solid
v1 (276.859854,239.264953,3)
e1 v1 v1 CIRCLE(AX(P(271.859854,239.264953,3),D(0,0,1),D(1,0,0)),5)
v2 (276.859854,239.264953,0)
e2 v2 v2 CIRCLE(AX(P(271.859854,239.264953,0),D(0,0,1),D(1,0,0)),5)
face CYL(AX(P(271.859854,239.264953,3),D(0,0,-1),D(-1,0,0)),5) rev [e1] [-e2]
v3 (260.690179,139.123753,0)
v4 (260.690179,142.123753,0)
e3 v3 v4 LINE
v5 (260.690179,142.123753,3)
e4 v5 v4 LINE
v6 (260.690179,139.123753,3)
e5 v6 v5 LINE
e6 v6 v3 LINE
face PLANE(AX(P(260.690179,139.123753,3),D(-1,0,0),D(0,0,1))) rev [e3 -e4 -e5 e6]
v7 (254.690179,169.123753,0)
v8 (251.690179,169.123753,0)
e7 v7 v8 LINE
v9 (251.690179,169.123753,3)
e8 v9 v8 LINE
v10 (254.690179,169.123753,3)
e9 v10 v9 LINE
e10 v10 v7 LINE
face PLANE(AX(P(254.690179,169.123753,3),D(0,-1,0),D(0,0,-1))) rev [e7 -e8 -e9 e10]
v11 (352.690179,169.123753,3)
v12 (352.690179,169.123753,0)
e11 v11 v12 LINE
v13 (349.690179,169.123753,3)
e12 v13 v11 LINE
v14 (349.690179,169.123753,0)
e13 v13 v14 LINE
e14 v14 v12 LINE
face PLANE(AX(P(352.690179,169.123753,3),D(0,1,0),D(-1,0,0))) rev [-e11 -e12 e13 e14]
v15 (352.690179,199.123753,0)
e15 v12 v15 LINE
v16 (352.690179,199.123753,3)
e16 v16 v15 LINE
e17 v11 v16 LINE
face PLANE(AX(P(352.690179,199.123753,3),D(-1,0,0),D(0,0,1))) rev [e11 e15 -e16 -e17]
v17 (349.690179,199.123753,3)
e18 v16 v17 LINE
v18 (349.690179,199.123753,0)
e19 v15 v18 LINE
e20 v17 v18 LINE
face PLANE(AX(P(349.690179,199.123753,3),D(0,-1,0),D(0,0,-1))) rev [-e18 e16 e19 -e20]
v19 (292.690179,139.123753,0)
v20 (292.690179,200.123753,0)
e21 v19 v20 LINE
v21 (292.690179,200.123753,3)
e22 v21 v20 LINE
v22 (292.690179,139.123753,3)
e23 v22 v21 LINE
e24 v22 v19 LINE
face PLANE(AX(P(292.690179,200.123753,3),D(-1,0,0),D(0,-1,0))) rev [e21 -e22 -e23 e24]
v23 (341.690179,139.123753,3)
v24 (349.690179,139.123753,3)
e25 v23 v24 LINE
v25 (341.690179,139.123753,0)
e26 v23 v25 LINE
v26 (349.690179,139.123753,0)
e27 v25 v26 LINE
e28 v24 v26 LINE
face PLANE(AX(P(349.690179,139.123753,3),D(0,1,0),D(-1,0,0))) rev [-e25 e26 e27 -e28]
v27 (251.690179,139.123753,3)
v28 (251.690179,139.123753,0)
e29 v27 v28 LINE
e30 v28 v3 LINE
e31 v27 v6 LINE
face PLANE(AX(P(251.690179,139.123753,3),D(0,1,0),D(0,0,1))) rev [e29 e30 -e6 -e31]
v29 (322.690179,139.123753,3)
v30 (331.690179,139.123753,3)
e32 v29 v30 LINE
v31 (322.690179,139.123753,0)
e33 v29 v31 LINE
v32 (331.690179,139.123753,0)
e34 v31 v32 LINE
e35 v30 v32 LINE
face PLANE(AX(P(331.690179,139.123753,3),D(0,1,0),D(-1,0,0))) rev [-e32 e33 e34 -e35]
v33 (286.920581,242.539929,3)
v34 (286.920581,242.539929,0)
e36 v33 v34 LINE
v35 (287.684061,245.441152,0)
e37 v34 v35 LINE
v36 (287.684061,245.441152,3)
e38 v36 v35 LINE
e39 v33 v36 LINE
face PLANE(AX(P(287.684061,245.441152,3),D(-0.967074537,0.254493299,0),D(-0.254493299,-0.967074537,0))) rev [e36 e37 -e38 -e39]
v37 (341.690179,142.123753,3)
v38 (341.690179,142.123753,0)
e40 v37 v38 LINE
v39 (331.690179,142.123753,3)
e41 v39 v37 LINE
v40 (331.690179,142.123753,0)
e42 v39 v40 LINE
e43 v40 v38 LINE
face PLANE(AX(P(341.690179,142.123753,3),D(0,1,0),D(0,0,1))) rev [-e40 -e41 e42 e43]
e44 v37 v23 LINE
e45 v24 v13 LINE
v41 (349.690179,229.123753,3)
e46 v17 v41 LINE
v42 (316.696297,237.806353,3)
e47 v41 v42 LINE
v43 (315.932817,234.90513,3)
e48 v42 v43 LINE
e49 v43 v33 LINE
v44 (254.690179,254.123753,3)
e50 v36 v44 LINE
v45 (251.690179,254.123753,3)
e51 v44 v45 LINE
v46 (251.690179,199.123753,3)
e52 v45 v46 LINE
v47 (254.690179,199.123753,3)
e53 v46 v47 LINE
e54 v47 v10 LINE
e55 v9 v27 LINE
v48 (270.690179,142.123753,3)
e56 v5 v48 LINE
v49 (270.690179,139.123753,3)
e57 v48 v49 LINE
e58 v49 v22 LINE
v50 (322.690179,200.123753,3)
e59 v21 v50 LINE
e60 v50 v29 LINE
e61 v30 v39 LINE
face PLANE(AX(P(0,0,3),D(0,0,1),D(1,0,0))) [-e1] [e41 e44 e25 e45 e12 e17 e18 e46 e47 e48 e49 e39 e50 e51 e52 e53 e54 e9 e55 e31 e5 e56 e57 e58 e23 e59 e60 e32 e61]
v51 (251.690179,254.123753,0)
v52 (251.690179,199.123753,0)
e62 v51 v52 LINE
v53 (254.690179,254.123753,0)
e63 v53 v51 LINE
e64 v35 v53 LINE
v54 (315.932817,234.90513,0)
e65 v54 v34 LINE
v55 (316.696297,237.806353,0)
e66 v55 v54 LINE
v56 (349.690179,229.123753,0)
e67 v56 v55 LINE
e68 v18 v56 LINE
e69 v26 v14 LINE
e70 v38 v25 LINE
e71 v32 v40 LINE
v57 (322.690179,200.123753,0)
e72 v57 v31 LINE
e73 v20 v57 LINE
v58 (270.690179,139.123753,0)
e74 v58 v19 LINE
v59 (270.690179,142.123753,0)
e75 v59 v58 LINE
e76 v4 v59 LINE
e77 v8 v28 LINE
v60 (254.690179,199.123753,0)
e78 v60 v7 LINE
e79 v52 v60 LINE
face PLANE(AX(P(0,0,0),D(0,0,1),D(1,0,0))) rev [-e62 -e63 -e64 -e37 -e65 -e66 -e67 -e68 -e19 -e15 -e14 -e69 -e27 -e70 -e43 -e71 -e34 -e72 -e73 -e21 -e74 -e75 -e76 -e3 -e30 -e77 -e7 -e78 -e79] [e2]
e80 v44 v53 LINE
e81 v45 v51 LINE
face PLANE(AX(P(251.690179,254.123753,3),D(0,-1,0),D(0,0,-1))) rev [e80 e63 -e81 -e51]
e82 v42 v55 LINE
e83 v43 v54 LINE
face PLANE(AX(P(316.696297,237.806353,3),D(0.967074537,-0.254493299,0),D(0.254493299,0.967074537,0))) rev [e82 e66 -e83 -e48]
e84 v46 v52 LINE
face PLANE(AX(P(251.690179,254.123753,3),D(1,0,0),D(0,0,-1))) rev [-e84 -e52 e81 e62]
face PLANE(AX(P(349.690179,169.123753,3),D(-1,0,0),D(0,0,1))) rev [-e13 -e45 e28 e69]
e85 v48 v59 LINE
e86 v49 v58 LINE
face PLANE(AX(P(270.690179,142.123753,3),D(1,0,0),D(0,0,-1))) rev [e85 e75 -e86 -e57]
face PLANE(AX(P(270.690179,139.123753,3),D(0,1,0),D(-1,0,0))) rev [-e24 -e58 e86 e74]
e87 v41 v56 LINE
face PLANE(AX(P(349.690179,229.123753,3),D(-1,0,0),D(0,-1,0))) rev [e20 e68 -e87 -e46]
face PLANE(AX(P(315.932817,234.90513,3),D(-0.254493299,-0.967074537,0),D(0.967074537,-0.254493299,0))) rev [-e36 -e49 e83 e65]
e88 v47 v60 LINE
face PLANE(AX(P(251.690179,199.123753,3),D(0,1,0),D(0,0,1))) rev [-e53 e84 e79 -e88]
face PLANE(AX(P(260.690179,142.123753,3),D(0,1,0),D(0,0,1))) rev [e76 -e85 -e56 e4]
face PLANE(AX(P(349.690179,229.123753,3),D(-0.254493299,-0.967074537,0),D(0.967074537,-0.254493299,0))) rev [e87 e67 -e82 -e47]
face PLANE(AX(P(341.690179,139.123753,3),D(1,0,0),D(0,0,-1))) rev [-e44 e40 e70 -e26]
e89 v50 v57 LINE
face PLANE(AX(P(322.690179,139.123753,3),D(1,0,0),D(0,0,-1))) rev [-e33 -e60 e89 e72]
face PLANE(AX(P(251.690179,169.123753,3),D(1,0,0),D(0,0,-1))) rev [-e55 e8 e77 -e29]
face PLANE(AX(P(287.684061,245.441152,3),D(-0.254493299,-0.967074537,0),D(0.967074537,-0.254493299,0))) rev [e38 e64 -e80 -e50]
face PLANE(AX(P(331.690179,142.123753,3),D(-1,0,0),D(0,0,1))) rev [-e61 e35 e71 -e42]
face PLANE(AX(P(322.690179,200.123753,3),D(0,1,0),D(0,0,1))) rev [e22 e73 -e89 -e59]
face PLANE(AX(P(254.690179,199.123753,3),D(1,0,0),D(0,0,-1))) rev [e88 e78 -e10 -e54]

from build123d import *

# Parameters (mm, degrees)
MODEL_R             = 5
BOSS_EXTRUDE1_DEPTH = 3


with BuildPart() as part:
    # Model → Boss-Extrude1 (new body)
    with BuildSketch(Plane.XY):
        Polygon((352.69017886, 199.123752973), (352.69017886, 169.123752973), (349.69017886, 169.123752973), (349.69017886, 139.123752973), (341.69017886, 139.123752973), (341.69017886, 142.123752973), (331.69017886, 142.123752973), (331.69017886, 139.123752973), (322.69017886, 139.123752973), (322.69017886, 200.123752973), (292.69017886, 200.123752973), (292.69017886, 139.123752973), (270.69017886, 139.123752973), (270.69017886, 142.123752973), (260.69017886, 142.123752973), (260.69017886, 139.123752973), (251.69017886, 139.123752973), (251.69017886, 169.123752973), (254.69017886, 169.123752973), (254.69017886, 199.123752973), (251.69017886, 199.123752973), (251.69017886, 254.123752973), (254.69017886, 254.123752973), (287.684060801, 245.441152462), (286.920580903, 242.539928851), (315.932817021, 234.905129872), (316.696296919, 237.806353484), (349.69017886, 229.123752973), (349.69017886, 199.123752973), align=None)
        with Locations((271.859853833, 239.264952873)):
            Circle(MODEL_R, mode=Mode.SUBTRACT)
    extrude(amount=BOSS_EXTRUDE1_DEPTH)


solid = part.part
